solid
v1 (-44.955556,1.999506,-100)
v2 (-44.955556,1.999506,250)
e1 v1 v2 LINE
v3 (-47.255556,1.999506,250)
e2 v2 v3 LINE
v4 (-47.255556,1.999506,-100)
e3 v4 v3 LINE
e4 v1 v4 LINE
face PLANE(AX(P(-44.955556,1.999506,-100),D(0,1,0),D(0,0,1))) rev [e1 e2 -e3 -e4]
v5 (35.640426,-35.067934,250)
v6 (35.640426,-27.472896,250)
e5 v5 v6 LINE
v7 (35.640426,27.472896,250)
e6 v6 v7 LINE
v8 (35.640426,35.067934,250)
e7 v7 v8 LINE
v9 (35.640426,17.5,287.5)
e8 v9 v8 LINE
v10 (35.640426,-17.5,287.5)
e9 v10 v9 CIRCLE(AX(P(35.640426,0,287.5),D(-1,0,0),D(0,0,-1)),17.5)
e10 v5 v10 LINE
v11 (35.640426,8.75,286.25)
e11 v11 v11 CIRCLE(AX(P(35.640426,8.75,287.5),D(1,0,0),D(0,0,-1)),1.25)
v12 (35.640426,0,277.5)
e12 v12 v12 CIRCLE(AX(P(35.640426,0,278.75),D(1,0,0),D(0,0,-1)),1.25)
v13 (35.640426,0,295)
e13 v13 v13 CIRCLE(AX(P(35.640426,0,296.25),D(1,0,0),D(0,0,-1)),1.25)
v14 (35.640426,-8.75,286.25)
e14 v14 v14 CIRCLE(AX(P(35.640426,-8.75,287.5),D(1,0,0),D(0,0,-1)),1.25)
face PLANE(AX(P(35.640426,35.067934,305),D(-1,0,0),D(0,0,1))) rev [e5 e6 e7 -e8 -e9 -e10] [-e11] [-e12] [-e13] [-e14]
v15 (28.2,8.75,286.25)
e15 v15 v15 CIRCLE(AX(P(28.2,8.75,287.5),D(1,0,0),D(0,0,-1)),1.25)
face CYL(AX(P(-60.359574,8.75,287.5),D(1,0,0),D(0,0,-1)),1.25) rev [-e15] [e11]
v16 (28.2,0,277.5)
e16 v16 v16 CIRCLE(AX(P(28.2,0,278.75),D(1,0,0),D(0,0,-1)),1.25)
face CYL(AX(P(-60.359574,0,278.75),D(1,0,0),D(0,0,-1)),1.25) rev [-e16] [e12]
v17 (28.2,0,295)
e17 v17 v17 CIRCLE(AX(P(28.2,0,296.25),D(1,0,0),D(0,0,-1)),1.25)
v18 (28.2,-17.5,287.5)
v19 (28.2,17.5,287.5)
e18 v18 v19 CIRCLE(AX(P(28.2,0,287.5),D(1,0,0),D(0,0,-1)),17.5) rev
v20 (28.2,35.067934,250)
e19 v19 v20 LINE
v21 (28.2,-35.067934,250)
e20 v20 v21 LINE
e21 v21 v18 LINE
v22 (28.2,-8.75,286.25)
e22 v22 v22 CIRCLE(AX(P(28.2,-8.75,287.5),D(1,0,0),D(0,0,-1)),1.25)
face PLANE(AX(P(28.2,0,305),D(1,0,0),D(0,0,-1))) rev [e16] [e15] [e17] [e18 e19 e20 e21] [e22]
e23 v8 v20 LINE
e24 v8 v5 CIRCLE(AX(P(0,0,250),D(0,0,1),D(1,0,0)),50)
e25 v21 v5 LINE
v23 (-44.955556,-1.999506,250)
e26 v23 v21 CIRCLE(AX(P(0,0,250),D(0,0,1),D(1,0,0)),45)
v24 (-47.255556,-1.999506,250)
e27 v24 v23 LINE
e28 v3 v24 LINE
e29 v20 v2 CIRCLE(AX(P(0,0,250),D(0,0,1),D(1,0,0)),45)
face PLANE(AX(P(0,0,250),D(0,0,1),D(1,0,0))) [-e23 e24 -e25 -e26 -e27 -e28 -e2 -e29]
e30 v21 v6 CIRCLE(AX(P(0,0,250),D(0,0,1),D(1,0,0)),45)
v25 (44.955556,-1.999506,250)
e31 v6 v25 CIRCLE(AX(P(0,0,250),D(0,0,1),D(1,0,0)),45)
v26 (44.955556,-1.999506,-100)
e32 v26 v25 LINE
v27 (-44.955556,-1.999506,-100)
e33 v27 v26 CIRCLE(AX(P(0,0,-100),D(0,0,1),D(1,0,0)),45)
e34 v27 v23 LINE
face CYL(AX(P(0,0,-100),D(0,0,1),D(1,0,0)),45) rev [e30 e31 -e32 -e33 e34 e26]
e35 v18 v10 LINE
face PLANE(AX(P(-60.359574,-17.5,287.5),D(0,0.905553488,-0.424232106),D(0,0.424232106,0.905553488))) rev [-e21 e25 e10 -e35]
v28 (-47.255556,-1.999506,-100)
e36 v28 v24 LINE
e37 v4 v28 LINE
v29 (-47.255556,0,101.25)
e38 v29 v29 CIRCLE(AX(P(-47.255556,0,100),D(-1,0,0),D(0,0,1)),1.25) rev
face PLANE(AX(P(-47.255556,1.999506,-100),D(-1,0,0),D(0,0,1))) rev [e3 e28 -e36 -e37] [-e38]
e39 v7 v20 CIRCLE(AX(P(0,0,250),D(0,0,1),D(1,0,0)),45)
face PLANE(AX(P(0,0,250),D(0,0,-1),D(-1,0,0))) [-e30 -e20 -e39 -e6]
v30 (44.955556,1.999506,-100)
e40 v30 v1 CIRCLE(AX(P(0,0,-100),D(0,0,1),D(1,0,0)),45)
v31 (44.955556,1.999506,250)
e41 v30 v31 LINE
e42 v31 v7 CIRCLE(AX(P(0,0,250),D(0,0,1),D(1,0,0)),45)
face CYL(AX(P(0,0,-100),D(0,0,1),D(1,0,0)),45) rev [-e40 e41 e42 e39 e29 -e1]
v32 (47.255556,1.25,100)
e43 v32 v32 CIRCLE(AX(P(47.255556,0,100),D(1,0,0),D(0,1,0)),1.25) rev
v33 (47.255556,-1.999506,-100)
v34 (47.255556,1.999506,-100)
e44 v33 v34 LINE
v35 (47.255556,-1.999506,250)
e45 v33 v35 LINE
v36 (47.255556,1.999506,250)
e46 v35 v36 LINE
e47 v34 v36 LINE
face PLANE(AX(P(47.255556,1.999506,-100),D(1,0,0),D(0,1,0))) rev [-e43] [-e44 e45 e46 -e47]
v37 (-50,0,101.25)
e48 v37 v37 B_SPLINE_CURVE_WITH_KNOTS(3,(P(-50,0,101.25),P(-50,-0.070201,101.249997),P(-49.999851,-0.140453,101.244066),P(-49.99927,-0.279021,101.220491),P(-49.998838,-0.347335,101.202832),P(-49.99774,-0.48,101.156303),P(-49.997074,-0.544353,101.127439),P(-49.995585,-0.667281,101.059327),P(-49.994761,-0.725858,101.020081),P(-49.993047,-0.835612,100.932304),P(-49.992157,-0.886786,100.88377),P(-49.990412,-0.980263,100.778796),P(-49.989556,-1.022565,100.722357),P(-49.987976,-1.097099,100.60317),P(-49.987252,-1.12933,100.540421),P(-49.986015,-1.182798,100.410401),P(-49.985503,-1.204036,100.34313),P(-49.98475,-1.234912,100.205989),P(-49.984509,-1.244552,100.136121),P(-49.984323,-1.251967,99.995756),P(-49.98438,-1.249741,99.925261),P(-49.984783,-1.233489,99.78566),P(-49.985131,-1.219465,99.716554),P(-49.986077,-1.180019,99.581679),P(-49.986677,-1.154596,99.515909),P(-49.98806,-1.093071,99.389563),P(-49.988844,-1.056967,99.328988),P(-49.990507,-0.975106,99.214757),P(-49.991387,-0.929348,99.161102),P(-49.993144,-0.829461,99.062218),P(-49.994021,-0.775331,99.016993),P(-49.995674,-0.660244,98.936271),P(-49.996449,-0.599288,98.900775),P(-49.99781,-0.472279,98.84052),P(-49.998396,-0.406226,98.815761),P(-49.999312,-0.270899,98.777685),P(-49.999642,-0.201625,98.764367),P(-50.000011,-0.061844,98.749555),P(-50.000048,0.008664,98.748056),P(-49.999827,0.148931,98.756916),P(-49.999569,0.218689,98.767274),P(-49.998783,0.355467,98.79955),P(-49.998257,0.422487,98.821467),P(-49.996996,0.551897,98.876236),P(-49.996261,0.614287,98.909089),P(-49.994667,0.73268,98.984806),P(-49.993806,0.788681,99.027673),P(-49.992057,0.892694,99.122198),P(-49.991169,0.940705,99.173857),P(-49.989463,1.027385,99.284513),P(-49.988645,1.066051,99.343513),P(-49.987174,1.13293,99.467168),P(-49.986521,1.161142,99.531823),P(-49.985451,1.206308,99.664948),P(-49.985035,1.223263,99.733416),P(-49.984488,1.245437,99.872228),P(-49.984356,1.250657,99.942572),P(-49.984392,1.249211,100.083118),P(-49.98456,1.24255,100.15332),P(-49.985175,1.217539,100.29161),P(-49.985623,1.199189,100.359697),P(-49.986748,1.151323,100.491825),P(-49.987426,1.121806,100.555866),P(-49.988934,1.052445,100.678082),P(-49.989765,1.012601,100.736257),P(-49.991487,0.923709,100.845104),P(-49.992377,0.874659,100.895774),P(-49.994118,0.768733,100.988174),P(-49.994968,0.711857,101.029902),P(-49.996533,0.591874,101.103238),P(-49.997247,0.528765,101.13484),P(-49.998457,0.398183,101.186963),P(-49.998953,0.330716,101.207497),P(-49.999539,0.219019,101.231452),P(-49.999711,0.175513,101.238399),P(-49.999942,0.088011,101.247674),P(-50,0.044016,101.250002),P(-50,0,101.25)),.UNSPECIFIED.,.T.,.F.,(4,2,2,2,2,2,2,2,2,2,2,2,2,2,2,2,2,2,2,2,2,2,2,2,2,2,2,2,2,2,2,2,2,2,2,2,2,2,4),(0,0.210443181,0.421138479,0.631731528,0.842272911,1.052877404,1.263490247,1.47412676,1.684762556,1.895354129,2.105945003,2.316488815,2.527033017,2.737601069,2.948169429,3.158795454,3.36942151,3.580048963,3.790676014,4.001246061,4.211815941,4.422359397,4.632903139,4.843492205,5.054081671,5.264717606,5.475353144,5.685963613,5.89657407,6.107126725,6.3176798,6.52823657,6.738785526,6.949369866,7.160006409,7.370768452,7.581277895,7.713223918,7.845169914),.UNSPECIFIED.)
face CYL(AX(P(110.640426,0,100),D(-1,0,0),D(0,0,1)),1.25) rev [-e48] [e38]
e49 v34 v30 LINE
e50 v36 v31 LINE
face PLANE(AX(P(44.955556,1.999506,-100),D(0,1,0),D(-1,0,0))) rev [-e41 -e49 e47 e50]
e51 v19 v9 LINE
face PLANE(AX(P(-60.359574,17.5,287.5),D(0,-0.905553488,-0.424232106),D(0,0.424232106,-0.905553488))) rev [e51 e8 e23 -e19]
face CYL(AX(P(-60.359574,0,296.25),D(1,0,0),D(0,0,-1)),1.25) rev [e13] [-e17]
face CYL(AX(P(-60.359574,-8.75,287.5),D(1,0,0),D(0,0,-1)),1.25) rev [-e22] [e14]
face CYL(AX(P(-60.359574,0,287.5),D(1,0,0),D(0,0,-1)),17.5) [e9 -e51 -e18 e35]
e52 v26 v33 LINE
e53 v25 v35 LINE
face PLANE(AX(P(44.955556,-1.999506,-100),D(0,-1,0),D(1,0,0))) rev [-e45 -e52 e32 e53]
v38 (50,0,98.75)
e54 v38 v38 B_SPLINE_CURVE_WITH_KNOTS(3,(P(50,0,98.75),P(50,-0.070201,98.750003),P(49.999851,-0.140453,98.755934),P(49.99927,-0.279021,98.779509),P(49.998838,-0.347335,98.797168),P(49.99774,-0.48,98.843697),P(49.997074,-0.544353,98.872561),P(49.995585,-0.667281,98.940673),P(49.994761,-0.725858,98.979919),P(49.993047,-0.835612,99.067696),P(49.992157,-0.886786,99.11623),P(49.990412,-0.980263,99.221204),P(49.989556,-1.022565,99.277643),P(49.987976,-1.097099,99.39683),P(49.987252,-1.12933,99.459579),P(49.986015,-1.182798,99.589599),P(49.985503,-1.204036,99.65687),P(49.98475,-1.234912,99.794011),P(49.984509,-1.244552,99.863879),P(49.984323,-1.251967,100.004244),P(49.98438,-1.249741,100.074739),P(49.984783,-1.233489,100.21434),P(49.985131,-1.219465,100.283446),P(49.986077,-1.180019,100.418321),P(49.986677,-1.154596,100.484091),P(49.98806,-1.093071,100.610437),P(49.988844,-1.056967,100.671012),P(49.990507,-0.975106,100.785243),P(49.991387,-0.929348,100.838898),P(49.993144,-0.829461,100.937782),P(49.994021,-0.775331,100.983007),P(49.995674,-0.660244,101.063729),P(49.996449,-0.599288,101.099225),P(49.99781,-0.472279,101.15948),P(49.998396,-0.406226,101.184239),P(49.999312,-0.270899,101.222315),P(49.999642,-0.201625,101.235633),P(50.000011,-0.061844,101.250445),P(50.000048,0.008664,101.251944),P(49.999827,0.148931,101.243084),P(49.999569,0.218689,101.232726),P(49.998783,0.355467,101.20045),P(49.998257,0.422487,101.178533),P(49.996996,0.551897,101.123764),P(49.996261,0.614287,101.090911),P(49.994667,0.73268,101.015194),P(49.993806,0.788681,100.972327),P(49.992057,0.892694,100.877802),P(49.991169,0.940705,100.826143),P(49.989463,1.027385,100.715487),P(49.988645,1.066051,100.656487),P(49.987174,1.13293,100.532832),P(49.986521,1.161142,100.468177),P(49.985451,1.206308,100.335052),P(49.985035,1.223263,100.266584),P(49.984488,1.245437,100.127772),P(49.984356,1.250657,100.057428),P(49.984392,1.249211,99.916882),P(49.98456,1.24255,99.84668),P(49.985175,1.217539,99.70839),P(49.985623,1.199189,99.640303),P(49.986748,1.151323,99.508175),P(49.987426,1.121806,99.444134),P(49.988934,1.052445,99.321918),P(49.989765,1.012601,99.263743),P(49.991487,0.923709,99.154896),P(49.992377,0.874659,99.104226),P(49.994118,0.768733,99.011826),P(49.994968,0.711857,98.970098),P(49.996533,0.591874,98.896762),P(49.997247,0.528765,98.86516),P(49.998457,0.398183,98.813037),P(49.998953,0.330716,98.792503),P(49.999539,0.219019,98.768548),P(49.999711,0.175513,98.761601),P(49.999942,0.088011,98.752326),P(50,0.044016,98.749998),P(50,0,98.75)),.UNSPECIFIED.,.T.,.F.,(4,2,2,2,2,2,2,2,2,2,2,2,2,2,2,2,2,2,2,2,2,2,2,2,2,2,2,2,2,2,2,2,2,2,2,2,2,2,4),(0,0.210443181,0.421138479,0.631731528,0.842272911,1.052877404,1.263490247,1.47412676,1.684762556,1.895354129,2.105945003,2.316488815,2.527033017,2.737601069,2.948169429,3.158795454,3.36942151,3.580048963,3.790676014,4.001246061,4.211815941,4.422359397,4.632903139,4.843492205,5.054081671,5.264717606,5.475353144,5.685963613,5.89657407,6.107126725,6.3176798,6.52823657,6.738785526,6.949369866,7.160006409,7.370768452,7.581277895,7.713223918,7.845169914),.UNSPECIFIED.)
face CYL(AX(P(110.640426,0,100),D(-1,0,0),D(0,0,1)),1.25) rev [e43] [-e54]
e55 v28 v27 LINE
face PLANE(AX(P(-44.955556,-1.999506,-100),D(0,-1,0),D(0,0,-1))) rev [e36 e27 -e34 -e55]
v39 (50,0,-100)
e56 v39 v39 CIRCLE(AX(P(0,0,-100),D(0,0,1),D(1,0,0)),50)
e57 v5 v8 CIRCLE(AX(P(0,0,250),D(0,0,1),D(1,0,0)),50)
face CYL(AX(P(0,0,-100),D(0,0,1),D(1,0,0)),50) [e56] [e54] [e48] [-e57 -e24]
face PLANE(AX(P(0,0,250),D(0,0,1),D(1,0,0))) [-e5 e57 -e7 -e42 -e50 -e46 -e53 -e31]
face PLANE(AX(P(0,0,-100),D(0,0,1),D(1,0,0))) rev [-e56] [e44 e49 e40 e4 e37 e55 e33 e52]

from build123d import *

# Parameters (mm, degrees)
SKETCH1_R                = 50
BOSS_EXTRUDE1_DEPTH      = 250
BOSS_EXTRUDE1_DEPTH_BACK = 100
BOSS_EXTRUDE2_DEPTH      = 55
SKETCH7_R                = 1.25
CUT_EXTRUDE4_DEPTH       = 75
CUT_EXTRUDE4_DEPTH_BACK  = 96
CUT_EXTRUDE5_DEPTH       = 96
CUT_EXTRUDE6_DEPTH       = 96
SKETCH10_R               = 1.25
CUT_EXTRUDE7_DEPTH       = 96


with BuildPart() as part:
    # Sketch1 → Boss-Extrude1 (new body, two sides)
    with BuildSketch(Plane.XY) as boss_extrude1_sk:
        Circle(SKETCH1_R)
        with BuildLine():
            Line((-44.955555556, 1.999506112), (-47.255555556, 1.999506112))
            Line((-47.255555556, 1.999506112), (-47.255555556, -1.999506112))
            Line((-47.255555556, -1.999506112), (-44.955555556, -1.999506112))
            ThreePointArc((-44.955555556, -1.999506112), (0, -45), (44.955555556, -1.999506112))
            Line((44.955555556, -1.999506112), (47.255555556, -1.999506112))
            Line((47.255555556, -1.999506112), (47.255555556, 1.999506112))
            Line((47.255555556, 1.999506112), (44.955555556, 1.999506112))
            ThreePointArc((44.955555556, 1.999506112), (0, 45), (-44.955555556, 1.999506112))
        make_face(mode=Mode.SUBTRACT)
    extrude(amount=BOSS_EXTRUDE1_DEPTH)
    extrude(boss_extrude1_sk.sketch, amount=-BOSS_EXTRUDE1_DEPTH_BACK)

    # Sketch3 → Boss-Extrude2 (add)
    with BuildSketch(Plane.XY.offset(250)):
        Polygon((28.2, 0), (28.2, 35.067934071), (35.640426485, 35.067934071), (35.640426485, -35.067934071), (28.2, -35.067934071), align=None)
    extrude(amount=BOSS_EXTRUDE2_DEPTH)

    # Sketch7 → Cut-Extrude4 (cut, two sides)
    with BuildSketch(Plane(origin=(35.640426485, 0, 0), x_dir=(0, 0, -1), z_dir=(1, 0, 0))) as cut_extrude4_sk:
        with Locations((-100, 0)):
            Circle(SKETCH7_R)
    extrude(amount=CUT_EXTRUDE4_DEPTH, mode=Mode.SUBTRACT)
    extrude(cut_extrude4_sk.sketch, amount=-CUT_EXTRUDE4_DEPTH_BACK, mode=Mode.SUBTRACT)

    # Sketch8 → Cut-Extrude5 (cut)
    with BuildSketch(Plane(origin=(35.640426485, 0, 0), x_dir=(0, 0, -1), z_dir=(1, 0, 0))):
        with BuildLine():
            Line((-287.5, 17.5), (-250, 35.067934071))
            Line((-250, 35.067934071), (-305, 35.067934071))
            Line((-305, 35.067934071), (-305, 0))
            ThreePointArc((-305, 0), (-299.874368671, 12.374368671), (-287.5, 17.5))
        make_face()
    extrude(amount=-CUT_EXTRUDE5_DEPTH, mode=Mode.SUBTRACT)

    # Sketch9 → Cut-Extrude6 (cut)
    with BuildSketch(Plane(origin=(35.640426485, 0, 0), x_dir=(0, 0, -1), z_dir=(1, 0, 0))):
        with BuildLine():
            Line((-287.5, -17.5), (-250, -35.067934071))
            Line((-250, -35.067934071), (-305, -35.067934071))
            Line((-305, -35.067934071), (-305, 0))
            ThreePointArc((-305, 0), (-299.874368671, -12.374368671), (-287.5, -17.5))
        make_face()
    extrude(amount=-CUT_EXTRUDE6_DEPTH, mode=Mode.SUBTRACT)

    # Sketch10 → Cut-Extrude7 (cut)
    with BuildSketch(Plane(origin=(35.640426485, 0, 0), x_dir=(0, 0, -1), z_dir=(1, 0, 0))):
        with Locations((-296.25, 0)):
            Circle(SKETCH10_R)
        with Locations((-287.5, 8.75)):
            Circle(SKETCH10_R)
        with Locations((-278.75, 0)):
            Circle(SKETCH10_R)
        with Locations((-287.5, -8.75)):
            Circle(SKETCH10_R)
    extrude(amount=-CUT_EXTRUDE7_DEPTH, mode=Mode.SUBTRACT)


solid = part.part
